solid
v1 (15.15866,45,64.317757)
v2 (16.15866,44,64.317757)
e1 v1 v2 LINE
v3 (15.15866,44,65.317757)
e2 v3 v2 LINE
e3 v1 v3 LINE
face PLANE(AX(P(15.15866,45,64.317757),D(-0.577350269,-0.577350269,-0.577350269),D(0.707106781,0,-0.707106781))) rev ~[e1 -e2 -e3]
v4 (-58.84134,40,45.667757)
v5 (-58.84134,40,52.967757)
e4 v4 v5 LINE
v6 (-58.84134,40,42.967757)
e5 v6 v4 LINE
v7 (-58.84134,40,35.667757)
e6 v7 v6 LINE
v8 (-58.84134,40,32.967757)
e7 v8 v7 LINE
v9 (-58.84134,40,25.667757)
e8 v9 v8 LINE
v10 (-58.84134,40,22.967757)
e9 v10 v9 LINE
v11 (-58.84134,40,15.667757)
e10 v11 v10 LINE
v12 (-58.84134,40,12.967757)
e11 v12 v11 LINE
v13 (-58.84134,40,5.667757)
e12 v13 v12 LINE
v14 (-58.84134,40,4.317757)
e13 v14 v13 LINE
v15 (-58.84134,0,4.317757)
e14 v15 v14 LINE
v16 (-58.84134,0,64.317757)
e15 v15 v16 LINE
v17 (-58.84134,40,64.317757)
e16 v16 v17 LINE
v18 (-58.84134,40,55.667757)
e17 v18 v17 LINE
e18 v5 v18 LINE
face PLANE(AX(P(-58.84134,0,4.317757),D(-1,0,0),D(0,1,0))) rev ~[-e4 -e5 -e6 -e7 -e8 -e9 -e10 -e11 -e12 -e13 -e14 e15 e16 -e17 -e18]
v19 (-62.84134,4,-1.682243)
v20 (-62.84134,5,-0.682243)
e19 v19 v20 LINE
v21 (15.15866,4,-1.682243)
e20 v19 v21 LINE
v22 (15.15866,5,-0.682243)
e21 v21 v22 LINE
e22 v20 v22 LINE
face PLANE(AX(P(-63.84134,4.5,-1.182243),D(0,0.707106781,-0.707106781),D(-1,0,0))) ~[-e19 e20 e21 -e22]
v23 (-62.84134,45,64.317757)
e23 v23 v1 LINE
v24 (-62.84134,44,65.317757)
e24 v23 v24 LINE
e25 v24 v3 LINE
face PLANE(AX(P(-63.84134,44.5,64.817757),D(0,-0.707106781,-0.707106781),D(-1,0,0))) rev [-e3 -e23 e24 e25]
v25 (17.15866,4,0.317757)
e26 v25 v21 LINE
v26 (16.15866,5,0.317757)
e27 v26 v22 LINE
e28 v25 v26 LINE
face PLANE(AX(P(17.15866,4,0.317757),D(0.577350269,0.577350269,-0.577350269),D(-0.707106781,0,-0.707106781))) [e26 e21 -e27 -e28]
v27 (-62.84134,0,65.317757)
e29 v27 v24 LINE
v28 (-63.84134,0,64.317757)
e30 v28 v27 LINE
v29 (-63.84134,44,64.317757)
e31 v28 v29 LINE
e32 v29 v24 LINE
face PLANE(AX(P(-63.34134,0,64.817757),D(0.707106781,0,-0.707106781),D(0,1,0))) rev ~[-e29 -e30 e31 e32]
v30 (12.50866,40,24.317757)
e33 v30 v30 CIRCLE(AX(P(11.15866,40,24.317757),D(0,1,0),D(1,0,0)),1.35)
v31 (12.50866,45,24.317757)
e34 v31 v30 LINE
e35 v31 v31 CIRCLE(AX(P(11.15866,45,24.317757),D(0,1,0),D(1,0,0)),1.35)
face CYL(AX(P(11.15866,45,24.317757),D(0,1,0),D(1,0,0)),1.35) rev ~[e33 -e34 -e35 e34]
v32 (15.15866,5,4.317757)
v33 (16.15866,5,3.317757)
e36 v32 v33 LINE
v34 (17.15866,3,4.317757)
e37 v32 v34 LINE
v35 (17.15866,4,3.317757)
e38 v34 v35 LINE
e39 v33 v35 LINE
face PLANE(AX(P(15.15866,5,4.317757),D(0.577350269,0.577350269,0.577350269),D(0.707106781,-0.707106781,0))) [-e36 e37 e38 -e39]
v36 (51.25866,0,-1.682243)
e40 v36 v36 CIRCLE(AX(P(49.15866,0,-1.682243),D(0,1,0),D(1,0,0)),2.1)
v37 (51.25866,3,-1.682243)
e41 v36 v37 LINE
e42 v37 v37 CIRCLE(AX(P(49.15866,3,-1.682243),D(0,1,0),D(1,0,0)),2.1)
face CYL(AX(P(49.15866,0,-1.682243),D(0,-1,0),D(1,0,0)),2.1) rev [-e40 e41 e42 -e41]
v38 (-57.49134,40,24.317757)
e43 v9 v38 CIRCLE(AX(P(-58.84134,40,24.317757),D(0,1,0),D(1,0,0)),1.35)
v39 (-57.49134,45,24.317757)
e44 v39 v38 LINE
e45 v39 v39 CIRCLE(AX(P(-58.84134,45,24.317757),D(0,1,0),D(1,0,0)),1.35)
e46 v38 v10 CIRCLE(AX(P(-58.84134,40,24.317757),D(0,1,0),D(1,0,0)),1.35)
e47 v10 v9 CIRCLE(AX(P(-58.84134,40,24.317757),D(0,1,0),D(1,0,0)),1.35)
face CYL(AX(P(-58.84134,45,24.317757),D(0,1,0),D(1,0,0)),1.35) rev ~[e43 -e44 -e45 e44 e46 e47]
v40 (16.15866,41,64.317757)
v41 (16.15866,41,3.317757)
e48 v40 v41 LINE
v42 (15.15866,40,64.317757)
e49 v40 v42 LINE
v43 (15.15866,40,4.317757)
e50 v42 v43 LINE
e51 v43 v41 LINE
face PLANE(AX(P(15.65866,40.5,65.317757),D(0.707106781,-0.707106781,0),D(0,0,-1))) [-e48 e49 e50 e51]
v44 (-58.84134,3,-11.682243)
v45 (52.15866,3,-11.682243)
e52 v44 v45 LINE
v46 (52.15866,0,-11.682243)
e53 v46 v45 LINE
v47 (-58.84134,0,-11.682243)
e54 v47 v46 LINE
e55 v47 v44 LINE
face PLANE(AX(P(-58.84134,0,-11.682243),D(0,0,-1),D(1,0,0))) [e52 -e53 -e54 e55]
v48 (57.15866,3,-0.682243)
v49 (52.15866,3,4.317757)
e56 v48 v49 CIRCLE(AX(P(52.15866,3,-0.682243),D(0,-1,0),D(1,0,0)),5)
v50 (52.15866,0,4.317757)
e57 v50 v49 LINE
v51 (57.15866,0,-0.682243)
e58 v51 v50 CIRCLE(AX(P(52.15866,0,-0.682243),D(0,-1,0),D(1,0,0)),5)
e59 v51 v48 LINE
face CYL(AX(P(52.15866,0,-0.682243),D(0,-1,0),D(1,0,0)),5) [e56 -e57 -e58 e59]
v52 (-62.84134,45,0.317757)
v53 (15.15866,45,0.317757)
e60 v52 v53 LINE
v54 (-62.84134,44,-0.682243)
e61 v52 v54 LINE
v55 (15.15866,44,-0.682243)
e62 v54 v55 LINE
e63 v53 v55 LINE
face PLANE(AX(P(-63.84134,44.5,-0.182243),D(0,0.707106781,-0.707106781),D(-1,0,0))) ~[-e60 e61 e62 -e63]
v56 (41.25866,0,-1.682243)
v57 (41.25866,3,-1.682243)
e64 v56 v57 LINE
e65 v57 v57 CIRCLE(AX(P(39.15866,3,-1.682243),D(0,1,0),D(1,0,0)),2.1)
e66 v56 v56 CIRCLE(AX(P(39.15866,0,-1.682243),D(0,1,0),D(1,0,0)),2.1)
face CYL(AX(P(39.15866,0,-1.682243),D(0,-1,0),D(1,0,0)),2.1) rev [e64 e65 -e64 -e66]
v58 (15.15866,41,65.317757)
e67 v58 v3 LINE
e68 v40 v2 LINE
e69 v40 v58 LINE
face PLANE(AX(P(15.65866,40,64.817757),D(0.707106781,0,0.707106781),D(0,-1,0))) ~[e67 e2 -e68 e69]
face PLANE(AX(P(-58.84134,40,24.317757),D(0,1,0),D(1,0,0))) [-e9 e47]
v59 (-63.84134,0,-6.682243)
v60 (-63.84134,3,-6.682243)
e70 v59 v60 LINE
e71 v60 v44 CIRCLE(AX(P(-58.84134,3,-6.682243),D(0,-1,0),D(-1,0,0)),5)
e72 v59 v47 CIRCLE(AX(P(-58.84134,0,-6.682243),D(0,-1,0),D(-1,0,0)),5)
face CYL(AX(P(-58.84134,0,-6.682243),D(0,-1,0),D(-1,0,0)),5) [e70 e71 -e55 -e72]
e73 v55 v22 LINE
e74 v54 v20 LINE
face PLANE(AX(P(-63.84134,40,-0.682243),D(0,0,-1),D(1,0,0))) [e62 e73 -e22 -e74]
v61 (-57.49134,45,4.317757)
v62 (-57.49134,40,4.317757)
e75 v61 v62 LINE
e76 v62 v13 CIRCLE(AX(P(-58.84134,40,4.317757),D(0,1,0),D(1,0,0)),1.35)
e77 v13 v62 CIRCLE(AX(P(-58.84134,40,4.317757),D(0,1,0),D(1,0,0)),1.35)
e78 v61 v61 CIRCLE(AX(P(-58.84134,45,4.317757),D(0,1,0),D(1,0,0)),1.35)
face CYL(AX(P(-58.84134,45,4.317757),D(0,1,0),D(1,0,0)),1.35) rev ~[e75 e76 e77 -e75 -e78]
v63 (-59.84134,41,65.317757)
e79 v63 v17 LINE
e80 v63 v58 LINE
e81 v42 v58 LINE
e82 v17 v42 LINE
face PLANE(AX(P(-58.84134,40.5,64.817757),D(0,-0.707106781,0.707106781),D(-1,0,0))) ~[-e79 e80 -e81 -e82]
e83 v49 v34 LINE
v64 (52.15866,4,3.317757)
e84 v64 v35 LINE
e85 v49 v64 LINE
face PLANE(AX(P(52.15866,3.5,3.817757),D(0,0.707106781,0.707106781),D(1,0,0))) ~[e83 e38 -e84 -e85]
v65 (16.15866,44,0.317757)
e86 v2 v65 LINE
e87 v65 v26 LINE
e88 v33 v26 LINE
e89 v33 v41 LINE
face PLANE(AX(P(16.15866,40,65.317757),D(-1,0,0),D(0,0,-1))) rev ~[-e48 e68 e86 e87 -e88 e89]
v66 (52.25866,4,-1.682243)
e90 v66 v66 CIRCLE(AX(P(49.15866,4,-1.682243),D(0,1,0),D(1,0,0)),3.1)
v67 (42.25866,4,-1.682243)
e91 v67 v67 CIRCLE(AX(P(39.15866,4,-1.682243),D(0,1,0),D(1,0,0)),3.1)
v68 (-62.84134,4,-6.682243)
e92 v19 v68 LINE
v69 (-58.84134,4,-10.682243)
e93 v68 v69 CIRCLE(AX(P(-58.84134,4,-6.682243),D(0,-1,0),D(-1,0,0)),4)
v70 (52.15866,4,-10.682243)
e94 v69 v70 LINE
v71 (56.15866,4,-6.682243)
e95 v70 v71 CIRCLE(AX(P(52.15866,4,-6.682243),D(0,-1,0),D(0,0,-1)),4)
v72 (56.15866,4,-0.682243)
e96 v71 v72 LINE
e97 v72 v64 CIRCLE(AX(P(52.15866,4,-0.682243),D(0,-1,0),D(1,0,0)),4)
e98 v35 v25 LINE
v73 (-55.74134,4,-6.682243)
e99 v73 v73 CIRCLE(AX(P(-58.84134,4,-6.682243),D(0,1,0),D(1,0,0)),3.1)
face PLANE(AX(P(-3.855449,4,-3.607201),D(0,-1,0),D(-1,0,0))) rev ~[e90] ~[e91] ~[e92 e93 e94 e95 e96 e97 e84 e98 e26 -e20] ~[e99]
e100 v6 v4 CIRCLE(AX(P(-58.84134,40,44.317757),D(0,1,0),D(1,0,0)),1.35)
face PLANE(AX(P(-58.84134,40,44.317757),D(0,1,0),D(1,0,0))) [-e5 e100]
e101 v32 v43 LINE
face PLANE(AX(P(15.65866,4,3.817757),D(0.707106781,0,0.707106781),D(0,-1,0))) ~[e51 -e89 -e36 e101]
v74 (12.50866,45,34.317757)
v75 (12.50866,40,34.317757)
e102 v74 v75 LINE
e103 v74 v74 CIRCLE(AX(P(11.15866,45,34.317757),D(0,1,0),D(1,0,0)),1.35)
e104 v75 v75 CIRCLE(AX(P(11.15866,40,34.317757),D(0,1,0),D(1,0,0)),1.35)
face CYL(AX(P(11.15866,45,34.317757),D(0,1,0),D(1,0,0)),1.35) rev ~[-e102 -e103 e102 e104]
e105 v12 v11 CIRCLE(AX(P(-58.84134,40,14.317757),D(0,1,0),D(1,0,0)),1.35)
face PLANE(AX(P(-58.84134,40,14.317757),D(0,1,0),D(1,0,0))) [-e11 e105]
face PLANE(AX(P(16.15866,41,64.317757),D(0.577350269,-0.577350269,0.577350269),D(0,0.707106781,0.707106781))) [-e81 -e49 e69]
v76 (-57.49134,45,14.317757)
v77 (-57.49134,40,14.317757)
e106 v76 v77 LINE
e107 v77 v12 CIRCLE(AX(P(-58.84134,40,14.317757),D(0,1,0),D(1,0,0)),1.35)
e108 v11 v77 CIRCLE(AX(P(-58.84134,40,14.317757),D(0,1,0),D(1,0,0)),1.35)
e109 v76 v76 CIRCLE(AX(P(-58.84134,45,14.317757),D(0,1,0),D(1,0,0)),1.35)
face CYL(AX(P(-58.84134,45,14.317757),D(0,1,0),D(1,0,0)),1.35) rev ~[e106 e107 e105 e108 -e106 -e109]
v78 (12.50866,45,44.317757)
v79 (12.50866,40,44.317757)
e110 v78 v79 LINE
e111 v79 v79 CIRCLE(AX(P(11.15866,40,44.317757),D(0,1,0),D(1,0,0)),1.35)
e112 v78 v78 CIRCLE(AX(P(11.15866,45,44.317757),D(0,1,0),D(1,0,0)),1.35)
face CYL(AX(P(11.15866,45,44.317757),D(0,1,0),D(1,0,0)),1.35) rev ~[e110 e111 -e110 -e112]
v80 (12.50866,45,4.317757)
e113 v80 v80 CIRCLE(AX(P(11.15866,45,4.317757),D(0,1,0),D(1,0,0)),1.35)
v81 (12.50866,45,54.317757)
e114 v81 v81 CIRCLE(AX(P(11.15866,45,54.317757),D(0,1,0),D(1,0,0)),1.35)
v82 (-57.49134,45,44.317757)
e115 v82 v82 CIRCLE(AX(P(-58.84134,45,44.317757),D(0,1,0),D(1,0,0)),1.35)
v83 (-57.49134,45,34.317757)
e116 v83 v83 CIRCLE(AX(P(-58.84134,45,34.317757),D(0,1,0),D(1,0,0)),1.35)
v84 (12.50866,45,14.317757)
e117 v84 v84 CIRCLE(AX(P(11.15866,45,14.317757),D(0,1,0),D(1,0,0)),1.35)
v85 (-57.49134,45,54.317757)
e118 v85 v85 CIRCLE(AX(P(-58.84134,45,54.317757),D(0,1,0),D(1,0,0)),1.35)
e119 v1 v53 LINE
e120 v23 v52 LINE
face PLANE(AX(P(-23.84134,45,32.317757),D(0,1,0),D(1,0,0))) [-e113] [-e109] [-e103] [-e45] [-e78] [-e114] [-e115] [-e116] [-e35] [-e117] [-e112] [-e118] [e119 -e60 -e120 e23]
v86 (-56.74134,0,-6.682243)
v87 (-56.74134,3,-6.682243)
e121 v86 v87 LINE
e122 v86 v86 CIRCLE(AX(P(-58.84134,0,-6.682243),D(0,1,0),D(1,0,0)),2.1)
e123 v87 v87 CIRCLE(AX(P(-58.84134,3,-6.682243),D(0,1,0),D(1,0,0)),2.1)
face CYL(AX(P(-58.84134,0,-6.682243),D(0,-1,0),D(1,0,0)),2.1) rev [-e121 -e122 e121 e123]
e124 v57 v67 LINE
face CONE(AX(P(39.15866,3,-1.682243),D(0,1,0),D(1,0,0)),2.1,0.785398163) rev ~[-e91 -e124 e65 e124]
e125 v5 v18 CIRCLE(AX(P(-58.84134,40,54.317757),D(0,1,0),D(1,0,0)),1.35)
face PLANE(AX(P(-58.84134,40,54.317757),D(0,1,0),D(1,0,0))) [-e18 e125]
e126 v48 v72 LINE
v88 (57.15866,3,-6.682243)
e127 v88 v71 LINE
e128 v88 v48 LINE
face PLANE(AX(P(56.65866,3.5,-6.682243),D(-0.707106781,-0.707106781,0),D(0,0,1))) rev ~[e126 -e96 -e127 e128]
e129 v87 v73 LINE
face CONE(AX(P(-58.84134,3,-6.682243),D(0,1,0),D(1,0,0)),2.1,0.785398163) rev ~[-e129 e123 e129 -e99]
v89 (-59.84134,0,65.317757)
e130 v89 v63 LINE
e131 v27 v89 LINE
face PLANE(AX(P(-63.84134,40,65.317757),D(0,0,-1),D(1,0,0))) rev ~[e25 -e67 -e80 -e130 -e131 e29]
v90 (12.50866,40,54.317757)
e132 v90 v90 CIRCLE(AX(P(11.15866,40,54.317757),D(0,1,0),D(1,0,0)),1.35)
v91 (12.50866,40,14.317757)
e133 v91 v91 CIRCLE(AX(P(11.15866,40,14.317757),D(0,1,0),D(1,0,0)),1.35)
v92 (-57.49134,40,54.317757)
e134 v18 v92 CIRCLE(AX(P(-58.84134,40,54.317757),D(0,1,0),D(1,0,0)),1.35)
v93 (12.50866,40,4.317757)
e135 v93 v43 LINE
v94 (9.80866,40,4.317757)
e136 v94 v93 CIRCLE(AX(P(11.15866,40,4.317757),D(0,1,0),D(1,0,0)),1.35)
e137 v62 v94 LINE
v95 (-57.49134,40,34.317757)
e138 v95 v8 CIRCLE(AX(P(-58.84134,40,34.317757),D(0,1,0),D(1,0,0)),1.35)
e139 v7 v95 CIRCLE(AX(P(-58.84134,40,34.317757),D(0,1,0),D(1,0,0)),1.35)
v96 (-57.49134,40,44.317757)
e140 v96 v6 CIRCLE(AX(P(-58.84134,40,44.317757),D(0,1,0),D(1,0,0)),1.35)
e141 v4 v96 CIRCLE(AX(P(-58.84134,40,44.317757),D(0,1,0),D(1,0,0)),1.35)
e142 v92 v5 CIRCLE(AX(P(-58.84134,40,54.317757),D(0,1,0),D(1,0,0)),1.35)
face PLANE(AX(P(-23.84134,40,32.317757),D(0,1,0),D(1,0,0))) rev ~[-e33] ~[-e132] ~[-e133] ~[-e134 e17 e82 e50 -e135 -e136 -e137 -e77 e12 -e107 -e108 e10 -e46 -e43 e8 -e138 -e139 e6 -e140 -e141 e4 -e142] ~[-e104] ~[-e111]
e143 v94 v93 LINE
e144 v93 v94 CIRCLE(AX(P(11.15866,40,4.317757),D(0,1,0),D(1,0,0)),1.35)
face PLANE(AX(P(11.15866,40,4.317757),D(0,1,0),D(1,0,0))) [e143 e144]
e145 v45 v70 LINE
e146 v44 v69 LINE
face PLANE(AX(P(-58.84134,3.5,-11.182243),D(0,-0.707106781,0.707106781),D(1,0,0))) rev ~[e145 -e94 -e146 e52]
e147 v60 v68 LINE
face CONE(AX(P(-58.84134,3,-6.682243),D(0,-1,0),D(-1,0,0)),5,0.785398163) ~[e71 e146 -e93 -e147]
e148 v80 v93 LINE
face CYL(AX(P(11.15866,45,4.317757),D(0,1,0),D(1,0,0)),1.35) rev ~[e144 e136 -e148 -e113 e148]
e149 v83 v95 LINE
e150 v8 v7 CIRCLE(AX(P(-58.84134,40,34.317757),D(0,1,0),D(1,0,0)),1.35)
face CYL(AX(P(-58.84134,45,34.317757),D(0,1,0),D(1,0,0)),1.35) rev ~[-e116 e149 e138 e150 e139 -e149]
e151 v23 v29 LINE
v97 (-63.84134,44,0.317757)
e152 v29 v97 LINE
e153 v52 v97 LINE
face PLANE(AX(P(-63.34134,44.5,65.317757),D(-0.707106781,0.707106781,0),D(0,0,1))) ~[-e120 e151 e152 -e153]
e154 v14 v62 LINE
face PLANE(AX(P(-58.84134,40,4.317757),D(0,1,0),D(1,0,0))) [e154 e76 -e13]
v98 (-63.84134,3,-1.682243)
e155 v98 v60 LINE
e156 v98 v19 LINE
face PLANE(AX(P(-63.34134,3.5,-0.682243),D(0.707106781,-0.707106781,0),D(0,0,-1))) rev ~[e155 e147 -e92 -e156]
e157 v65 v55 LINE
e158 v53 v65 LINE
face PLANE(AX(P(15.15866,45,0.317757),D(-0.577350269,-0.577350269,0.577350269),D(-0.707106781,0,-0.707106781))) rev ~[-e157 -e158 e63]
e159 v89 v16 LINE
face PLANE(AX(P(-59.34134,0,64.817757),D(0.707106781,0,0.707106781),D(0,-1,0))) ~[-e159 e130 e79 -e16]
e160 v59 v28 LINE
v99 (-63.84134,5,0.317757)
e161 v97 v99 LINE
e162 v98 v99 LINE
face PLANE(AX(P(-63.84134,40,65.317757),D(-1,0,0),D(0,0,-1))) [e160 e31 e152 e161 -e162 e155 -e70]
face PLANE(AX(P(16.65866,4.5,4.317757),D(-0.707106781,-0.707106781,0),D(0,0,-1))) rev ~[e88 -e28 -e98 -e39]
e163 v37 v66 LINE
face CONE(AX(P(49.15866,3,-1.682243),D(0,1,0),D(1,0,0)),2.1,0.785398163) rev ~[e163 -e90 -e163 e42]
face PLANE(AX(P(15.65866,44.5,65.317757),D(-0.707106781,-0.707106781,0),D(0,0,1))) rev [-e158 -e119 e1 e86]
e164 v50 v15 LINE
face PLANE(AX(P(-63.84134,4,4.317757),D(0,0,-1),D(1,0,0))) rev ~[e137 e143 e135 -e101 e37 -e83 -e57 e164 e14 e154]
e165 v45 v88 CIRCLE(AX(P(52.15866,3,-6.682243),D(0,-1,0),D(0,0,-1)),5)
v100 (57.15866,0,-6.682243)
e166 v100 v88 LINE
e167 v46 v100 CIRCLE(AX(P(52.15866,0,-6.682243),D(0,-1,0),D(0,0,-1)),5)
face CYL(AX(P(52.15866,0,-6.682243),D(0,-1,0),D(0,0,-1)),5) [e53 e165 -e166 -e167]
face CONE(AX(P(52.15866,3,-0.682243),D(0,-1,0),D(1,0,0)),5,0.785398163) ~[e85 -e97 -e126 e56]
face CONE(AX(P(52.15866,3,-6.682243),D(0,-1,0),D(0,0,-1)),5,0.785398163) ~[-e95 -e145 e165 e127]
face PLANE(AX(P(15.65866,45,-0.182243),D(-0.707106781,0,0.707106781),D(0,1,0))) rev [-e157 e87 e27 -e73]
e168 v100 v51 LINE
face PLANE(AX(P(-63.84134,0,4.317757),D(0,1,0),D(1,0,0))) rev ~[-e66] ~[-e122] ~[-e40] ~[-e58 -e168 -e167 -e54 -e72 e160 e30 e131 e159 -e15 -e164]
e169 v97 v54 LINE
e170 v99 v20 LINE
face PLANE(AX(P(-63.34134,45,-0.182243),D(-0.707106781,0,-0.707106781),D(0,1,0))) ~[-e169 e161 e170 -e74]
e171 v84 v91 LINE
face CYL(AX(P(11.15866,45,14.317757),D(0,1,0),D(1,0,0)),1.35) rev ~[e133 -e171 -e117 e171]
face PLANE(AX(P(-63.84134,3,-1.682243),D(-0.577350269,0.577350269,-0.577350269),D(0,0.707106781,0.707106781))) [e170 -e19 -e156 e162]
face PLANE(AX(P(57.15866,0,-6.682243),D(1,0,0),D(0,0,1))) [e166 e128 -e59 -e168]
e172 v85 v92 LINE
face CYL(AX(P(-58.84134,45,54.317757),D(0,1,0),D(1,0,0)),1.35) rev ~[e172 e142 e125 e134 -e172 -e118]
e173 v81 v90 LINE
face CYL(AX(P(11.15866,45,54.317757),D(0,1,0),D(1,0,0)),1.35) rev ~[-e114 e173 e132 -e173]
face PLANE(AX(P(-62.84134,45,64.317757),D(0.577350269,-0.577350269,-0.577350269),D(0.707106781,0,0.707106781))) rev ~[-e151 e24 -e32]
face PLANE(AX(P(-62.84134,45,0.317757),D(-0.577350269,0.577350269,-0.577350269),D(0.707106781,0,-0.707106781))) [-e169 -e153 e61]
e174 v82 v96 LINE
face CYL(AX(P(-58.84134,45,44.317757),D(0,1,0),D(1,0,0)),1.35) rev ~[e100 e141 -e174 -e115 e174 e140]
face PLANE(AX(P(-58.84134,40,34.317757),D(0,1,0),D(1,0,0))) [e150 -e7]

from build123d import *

# Parameters (mm, degrees)
SKETCH1_R           = 2.1
BOSS_EXTRUDE1_DEPTH = 4
SKETCH2_W           = 80
SKETCH2_H           = 5
BOSS_EXTRUDE2_DEPTH = 36
SKETCH3_W           = 5
SKETCH3_H           = 40
BOSS_EXTRUDE3_DEPTH = 61
SKETCH4_W           = 80
SKETCH4_H           = 66
BOSS_EXTRUDE4_DEPTH = 5
CHAMFER2_SIZE       = 1
SKETCH5_R           = 1.35
CUT_EXTRUDE1_DEPTH  = 5


with BuildPart() as part:
    # Sketch1 → Boss-Extrude1 (new body)
    with BuildSketch(Plane(origin=(0, 0, 0), x_dir=(1, 0, 0), z_dir=(0, 1, 0))):
        with BuildLine():
            Line((-58.8413396, 11.682242991), (52.1586604, 11.682242991))
            ThreePointArc((52.1586604, 11.682242991), (55.694194306, 10.217776897), (57.1586604, 6.682242991))
            Line((57.1586604, 6.682242991), (57.1586604, 0.682242991))
            ThreePointArc((57.1586604, 0.682242991), (55.694194306, -2.853290915), (52.1586604, -4.317757009))
            Line((52.1586604, -4.317757009), (-63.8413396, -4.317757009))
            Line((-63.8413396, -4.317757009), (-63.8413396, 6.682242991))
            ThreePointArc((-63.8413396, 6.682242991), (-62.376873506, 10.217776897), (-58.8413396, 11.682242991))
        make_face()
        with Locations((-58.8413396, 6.682242991)):
            Circle(SKETCH1_R, mode=Mode.SUBTRACT)
        with Locations((39.1586604, 1.682242991)):
            Circle(SKETCH1_R, mode=Mode.SUBTRACT)
        with Locations((49.1586604, 1.682242991)):
            Circle(SKETCH1_R, mode=Mode.SUBTRACT)
    extrude(amount=BOSS_EXTRUDE1_DEPTH)

    # Sketch2 → Boss-Extrude2 (add)
    with BuildSketch(Plane(origin=(0, 4, 0), x_dir=(1, 0, 0), z_dir=(0, 1, 0))):
        with Locations((-23.8413396, -1.817757009)):
            Rectangle(SKETCH2_W, SKETCH2_H)
    extrude(amount=BOSS_EXTRUDE2_DEPTH)

    # Sketch3 → Boss-Extrude3 (add)
    with BuildSketch(Plane.XY.offset(4.317757009)):
        with Locations((-61.3413396, 20)):
            Rectangle(SKETCH3_W, SKETCH3_H)
    extrude(amount=BOSS_EXTRUDE3_DEPTH)

    # Sketch4 → Boss-Extrude4 (add)
    with BuildSketch(Plane(origin=(0, 40, 0), x_dir=(1, 0, 0), z_dir=(0, 1, 0))):
        with Locations((-23.8413396, -32.317757009)):
            Rectangle(SKETCH4_W, SKETCH4_H)
    extrude(amount=BOSS_EXTRUDE4_DEPTH)

    # Chamfer2
    chamfer2_edges = [part.edges().sort_by_distance(p)[0] for p in [
        (55.694194306, 4, 2.853290915),
        (-60.9413396, 4, -6.682242991),
        (57.1586604, 4, -3.682242991),
        (37.0586604, 4, -1.682242991),
        (55.694194306, 4, -10.217776897),
        (47.0586604, 4, -1.682242991),
        (-3.3413396, 4, -11.682242991),
        (34.1586604, 4, 4.317757009),
        (-63.8413396, 24.5, -0.682242991),
        (16.1586604, 4, 1.817757009),
        (16.1586604, 22, 4.317757009),
        (-23.8413396, 4, -0.682242991),
        (16.1586604, 24.5, -0.682242991),
        (-62.376873506, 4, -10.217776897),
        (-63.8413396, 22.5, 65.317757009),
        (-58.8413396, 20, 65.317757009),
        (-21.3413396, 40, 65.317757009),
        (16.1586604, 40, 34.817757009),
        (16.1586604, 42.5, 65.317757009),
        (-63.8413396, 45, 32.317757009),
        (-23.8413396, 45, 65.317757009),
        (16.1586604, 45, 32.317757009),
        (-23.8413396, 45, -0.682242991),
        (-63.8413396, 4, -3.682242991),
    ]]
    chamfer(chamfer2_edges, length=CHAMFER2_SIZE)

    # Sketch5 → Cut-Extrude1 (cut)
    with BuildSketch(Plane(origin=(0, 45, 0), x_dir=(1, 0, 0), z_dir=(0, 1, 0))):
        with Locations((11.1586604, -4.317757009)):
            Circle(SKETCH5_R)
        with Locations((-58.8413396, -4.317757009)):
            Circle(SKETCH5_R)
        with Locations((-58.8413396, -14.317757009)):
            Circle(SKETCH5_R)
        with Locations((11.1586604, -14.317757009)):
            Circle(SKETCH5_R)
        with Locations((-58.8413396, -24.317757009)):
            Circle(SKETCH5_R)
        with Locations((11.1586604, -24.317757009)):
            Circle(SKETCH5_R)
        with Locations((-58.8413396, -34.317757009)):
            Circle(SKETCH5_R)
        with Locations((11.1586604, -34.317757009)):
            Circle(SKETCH5_R)
        with Locations((-58.8413396, -44.317757009)):
            Circle(SKETCH5_R)
        with Locations((11.1586604, -44.317757009)):
            Circle(SKETCH5_R)
        with Locations((-58.8413396, -54.317757009)):
            Circle(SKETCH5_R)
        with Locations((11.1586604, -54.317757009)):
            Circle(SKETCH5_R)
    extrude(amount=-CUT_EXTRUDE1_DEPTH, mode=Mode.SUBTRACT)


solid = part.part
